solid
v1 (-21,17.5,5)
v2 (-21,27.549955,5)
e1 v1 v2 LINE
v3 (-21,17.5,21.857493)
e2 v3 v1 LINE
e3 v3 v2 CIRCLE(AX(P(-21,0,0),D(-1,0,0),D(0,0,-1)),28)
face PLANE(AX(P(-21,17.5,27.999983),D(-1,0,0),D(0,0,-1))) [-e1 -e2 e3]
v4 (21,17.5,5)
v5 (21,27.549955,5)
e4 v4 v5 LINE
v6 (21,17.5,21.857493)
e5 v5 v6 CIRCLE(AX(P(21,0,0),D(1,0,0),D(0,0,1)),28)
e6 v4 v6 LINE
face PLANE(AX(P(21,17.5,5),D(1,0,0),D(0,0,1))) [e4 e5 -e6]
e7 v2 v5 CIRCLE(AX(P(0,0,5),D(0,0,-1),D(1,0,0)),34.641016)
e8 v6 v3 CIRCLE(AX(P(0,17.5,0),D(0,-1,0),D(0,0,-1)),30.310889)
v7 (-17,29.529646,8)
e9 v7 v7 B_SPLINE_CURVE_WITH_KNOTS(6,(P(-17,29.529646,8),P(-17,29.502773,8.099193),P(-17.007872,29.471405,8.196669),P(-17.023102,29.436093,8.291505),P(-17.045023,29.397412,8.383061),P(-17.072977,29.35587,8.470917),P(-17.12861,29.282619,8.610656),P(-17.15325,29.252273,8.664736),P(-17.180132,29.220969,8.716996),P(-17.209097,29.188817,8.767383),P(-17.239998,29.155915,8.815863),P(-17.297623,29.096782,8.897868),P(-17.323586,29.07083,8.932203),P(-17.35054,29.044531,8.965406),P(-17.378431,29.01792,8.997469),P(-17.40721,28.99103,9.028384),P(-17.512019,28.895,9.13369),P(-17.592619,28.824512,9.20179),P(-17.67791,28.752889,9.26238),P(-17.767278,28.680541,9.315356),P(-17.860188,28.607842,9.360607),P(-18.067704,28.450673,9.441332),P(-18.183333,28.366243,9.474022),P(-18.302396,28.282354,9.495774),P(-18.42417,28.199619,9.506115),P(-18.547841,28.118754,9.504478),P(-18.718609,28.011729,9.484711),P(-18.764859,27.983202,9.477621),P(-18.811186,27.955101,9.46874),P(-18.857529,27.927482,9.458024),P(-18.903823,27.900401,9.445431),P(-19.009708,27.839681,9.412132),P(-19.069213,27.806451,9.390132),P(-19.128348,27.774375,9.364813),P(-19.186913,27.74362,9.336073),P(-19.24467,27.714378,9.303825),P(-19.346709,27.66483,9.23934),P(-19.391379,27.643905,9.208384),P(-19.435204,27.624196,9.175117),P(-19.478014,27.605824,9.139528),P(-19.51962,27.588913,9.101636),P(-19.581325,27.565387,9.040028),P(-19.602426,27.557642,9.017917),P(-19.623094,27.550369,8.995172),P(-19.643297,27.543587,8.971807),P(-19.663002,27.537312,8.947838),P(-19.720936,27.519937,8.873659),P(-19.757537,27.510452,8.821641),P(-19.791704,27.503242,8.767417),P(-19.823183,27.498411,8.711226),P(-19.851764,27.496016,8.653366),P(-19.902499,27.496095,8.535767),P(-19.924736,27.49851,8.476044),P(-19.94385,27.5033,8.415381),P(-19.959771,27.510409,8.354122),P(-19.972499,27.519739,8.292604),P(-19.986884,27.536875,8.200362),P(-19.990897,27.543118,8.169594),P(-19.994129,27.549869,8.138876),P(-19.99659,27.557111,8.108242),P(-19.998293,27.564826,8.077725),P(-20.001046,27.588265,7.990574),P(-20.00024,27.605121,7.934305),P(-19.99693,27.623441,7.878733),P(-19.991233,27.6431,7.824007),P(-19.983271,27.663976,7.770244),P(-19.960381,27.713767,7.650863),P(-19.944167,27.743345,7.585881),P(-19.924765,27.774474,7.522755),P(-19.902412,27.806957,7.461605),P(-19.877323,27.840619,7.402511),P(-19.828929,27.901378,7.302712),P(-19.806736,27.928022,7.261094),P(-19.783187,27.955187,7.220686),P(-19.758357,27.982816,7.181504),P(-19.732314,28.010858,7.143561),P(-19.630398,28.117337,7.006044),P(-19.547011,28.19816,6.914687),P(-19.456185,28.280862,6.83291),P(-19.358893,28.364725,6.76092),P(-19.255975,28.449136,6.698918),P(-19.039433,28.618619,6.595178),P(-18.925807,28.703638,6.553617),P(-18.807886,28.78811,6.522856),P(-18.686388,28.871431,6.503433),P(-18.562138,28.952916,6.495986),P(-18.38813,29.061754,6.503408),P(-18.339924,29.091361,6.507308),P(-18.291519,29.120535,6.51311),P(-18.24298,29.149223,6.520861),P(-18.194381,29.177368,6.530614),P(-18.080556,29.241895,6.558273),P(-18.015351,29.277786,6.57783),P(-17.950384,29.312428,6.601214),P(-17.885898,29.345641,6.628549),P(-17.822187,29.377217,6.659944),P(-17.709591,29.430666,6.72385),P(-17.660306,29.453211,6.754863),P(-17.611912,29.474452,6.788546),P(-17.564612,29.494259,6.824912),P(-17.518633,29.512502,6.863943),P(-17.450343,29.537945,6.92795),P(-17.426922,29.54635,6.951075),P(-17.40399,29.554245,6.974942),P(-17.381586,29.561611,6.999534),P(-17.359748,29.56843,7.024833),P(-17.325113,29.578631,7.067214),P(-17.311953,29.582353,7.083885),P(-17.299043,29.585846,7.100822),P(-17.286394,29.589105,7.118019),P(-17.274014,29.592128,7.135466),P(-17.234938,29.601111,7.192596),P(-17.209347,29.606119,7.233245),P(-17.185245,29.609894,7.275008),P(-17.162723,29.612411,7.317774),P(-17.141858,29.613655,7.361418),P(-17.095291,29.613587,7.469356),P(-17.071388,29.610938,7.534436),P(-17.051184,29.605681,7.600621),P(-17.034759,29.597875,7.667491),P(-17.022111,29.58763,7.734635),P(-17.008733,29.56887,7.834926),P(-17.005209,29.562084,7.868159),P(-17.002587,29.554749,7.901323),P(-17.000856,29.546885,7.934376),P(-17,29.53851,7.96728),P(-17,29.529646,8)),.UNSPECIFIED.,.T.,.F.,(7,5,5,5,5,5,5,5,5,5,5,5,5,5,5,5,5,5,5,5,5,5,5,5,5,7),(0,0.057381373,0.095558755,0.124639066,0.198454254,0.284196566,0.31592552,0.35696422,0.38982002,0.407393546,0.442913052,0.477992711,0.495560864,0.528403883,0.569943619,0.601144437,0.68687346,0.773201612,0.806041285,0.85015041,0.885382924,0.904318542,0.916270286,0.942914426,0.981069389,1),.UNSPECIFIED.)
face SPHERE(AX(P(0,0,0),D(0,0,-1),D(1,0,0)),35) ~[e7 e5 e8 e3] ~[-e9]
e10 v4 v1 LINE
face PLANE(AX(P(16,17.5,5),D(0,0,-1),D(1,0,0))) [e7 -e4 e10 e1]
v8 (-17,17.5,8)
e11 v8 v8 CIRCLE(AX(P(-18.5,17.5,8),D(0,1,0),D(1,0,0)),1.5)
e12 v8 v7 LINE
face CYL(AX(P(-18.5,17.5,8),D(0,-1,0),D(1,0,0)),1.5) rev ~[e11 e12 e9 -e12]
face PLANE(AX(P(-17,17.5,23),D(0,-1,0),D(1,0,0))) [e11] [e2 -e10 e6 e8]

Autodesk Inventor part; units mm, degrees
ref_plane "YZ Plane" through (0, 0, 0) normal (1, 0, 0) x (0, 1, 0)
ref_plane "XZ Plane" through (0, 0, 0) normal (0, 1, 0) x (-1, 0, 0)
ref_plane "XY Plane" through (0, 0, 0) normal (0, 0, 1) x (1, 0, 0)
sketch "スケッチ1" plane through (0, 0, 0) normal (0, 1, 0) x (-1, 0, 0)
  circle A0 centre (0, 0) radius 35
  line L0 (0, 0) -> (0, -35)
  line L1 (0, 0) -> (0, 35)
  dimension "d0" = 70
revolve "回転1" add sketch "スケッチ1" angle 180 about axis through (0, 0, 0) along (0, 0, 1) picked at (-2.5961, -23.0408) contours L1 L0 A0
sketch "スケッチ5" plane through (0, 0, 0) normal (0, -1, 0) x (1, 0, 0)
  line L0 (-20, -22) -> (20, -22)
  line L1 (20, -22) -> (20, -13)
  line L2 (20, -13) -> (-20, -13)
  line L3 (-20, -13) -> (-20, -22)
  line L4 (-20, -15) -> (-20, -13)
  line L5 (0, 25) -> (-17, 25)
  line L6 (-17, 25) -> (-17, 23)
  line L7 (-17, 23) -> (0, 23)
  line L8 (0, 23) -> (0, 25)
  line L9 (0, 20) -> (-20, 20)
  line L10 (-20, 20) -> (-20, 19)
  line L11 (-20, 19) -> (0, 19)
  line L12 (0, 19) -> (0, 20)
  line L13 (0, 13) -> (-19, 13)
  line L14 (-19, 13) -> (-19, 11)
  line L15 (-19, 11) -> (0, 11)
  line L16 (0, 11) -> (0, 13)
  line L17 (0, 5) -> (-23, 5)
  line L18 (-23, 5) -> (-23, 3)
  line L19 (-23, 3) -> (0, 3)
  line L20 (0, 3) -> (0, 5)
  circle A0 centre (0, 0) radius 35 projected
  circle A1 centre (0, 0) radius 35 projected
  line L21 (0, 35) -> (0, -35)
  line L22 (35, 0) -> (-35, 0)
  line L23 (-32, 2) -> (-23, 2)
  line L24 (-23, 2) -> (-23, -8)
  line L25 (-23, -8) -> (-32, -8)
  line L26 (-32, -8) -> (-32, 2)
  line L27 (-23, -8.0262) -> (-23, 2)
  line L28 (-27, 22.2711) -> (-27, -22.2711)
  line L29 (-15.5, 25) -> (0, 25)
  line L30 (0, 25) -> (0, 35)
  line L31 (0, 35) -> (-15.5, 35)
  line L32 (-15.5, 35) -> (-15.5, 25)
  line L33 (-15.5, 23) -> (0, 23)
  line L34 (0, 23) -> (0, 20)
  line L35 (0, 20) -> (-15.5, 20)
  line L36 (-15.5, 20) -> (-15.5, 23)
  line L37 (-16, 13) -> (0, 13)
  line L38 (0, 13) -> (0, 19)
  line L39 (0, 19) -> (-16, 19)
  line L40 (-16, 19) -> (-16, 13)
  line L41 (-16, 11) -> (0, 11)
  line L42 (0, 11) -> (0, 5)
  line L43 (0, 5) -> (-16, 5)
  line L44 (-16, 5) -> (-16, 11)
  line L45 (-23, -3) -> (-39.6865, -3)
  line L46 (-23, -3) -> (-7.8337, -3)
  line L47 (-8, 3) -> (-23, 3)
  line L48 (-23, 3) -> (-23, -9)
  line L49 (-23, -9) -> (-8, -9)
  line L50 (-8, -9) -> (-8, 3)
  line L51 (-8, 3) -> (-23, -9) construction
  line L52 (-23, 3) -> (-8, -9) construction
  line L53 (-23, 4) -> (-33, 4)
  line L54 (-33, 4) -> (-33, -10)
  line L55 (-33, -10) -> (-23, -10)
  line L56 (-23, -10) -> (-23, 4)
  line L57 (-23, 4) -> (-33, -10) construction
  line L58 (-33, 4) -> (-23, -10) construction
  line L59 (-8, 3) -> (-1, 3)
  line L60 (-1, 3) -> (-1, -9)
  line L61 (-1, -9) -> (-8, -9)
  line L62 (-8, -9) -> (-8, 3)
  line L63 (-8, 3) -> (-1, -9) construction
  line L64 (-1, 3) -> (-8, -9) construction
  line L65 (-23, 2) -> (-27, 2)
  line L66 (-23, -8) -> (-27, -8)
  line L67 (-23, 4) -> (-27, 4)
  line L68 (-23, -10) -> (-27, -10)
  line L69 (23.4307, -26) -> (-23.4307, -26)
  line L70 (-8, 3) -> (-6.8, 3)
  line L71 (-6.8, 3) -> (-6.8, -9)
  line L72 (-6.8, -9) -> (-8, -9)
  line L73 (-8, -9) -> (-8, 3)
  line L74 (-3, 5) -> (0, 5)
  line L75 (0, 20) -> (-4, 20)
  line L76 (-4, 19) -> (0, 19)
  line L77 (0, 19) -> (0, 20)
  line L78 (-6, 5) -> (-1, 5)
  line L79 (-1, 3) -> (-6, 3)
  point P0 (0, -22)
  point P1 (0, -13)
  point P2 (0, 24)
  point P3 (0, 19.5)
  point P4 (0, 12)
  point P5 (0, 4)
  point P6 (-20, -17.5)
  point P7 (-27, -0.5262)
  point P8 (-27, -8)
  point P9 (-15.5, 21.5)
  point P10 (-15.5, 31.3807)
  point P11 (0, 25)
  point P12 (0, 23)
  point P13 (0, 11)
  point P14 (0, 13)
  point P15 (-27, 0)
  point P16 (-32, 0)
  point P17 (-23, 0)
  point P18 (-15.5, -3)
  point P19 (-28, -3)
  point P20 (-4.5, -3)
  point P21 (-8, -9)
  point P22 (-8, 3)
  point P23 (-27, 0.5)
  point P24 (-28, 0.4738)
  point P25 (-28, -11.5262)
  point P26 (-27, -11.5)
  point P27 (-23, 2)
  point P28 (-23, 2)
  point P29 (-8, 0)
  point P30 (-1, 0)
  point P31 (0, 19)
  point P32 (0, 20)
  point P33 (-27, -10)
  point P34 (-27, 4)
  dimension "d12" = 40
  dimension "d13" = 9
  dimension "d23" = 17
  dimension "d24" = 2
  dimension "d27" = 20
  dimension "d28" = 1
  dimension "d30" = 19
  dimension "d31" = 2
  dimension "d33" = 2
  dimension "d88" = 0
  dimension "d89" = 0
  dimension "d90" = 13
  dimension "d92" = 20
  dimension "d93" = 10
  dimension "d97" = 9
  dimension "d98" = 10
  dimension "d113" = 27
  dimension "d122" = 15.5
  dimension "d123" = 35
  dimension "d124" = 3
  dimension "d125" = 15.5
  dimension "d126" = 6
  dimension "d127" = 6
  dimension "d128" = 16
  dimension "d129" = 16
  dimension "d147" = 12
  dimension "d149" = 8
  dimension "d151" = 15
  dimension "d161" = 14
  dimension "d162" = 10
  dimension "d164" = 12
  dimension "d165" = 7
  dimension "d170" = 26
  dimension "d175" = 1.2
  dimension "d207" = 0
extrude "GNSボード" cut sketch "スケッチ5" against normal blind 16 contours L8 L7 L6 L5
extrude "GNSボード止めるよう" cut sketch "スケッチ5" against normal blind 15 contours L21 L5 L32 A0 | L21 L9 L36 L7
extrude "アルミ板１" cut sketch "スケッチ5" against normal blind 17.5 contours L11 L10 L9 L12
extrude "メイン基板" cut sketch "スケッチ5" against normal blind 17.5 contours L15 L14 L13 L16
extrude "メイン止めるよう" cut sketch "スケッチ5" against normal blind 16.5 contours L17 L44 L15 L21 | L13 L40 L11 L21
extrude "アルミ板２" cut sketch "スケッチ5" against normal blind 19 contours L19 L18 L17 L20
extrude "電池ボックス入れ" cut sketch "スケッチ5" against normal blind 15 contours L3 L2 L21 L0 | L21 L2 L1 L0
extrude "side ut" cut sketch "スケッチ5" against normal blind 100 contours A0 L45 L54 L55 L28 | A0 L22 L54 L45 | L55 L54 L45 L26 L25 L28 | A0 L28 L53 L54 L22 | L54 L22 L26 L45 | L25 L26 L45 L28 | L54 L53 L28 L23 L26 L22 | L26 L22 L28 L45 | L22 L26 L23 L28
extrude "motor case" add sketch "スケッチ5" against normal blind 7 contours L55 L54 L45 L26 L25 L28 | L28 L25 L27 L48 L56 L55 | L50 L46 L24 L22 | L22 L24 L48 L19 L50 | L54 L22 L26 L45 | L28 L45 L24 L25 | L25 L26 L45 L28 | L24 L45 L28 L22 | L22 L28 L23 L24 | L50 L49 L48 L27 L24 L46 | L54 L53 L28 L23 L26 L22 | L26 L22 L28 L45 | L53 L18 L48 L23 L28 | L22 L26 L23 L28
extrude "bottom cut" cut sketch "スケッチ5" against normal blind 90 contours L69 A0 L21 | L21 A0 L69
extrude "motor" cut sketch "スケッチ5" against normal blind 6 contours L60 L61 L71 L22 | L22 L71 L19 L60 | L71 L61 L50 L22 | L22 L50 L19 L71 | L50 L46 L24 L22 | L22 L24 L48 L19 L50 | L28 L45 L24 L25 | L25 L26 L45 L28 | L24 L45 L28 L22 | L22 L28 L23 L24 | L50 L49 L48 L27 L24 L46 | L26 L22 L28 L45 | L22 L26 L23 L28
extrude "motor block" add sketch "スケッチ5" against normal blind 10 contours L71 L61 L50 L22 | L22 L50 L19 L71
sketch "スケッチ27" plane through (-33, 0, -10) normal (-1, 0, 0) x (0, 0, 1)
  line L0 (14, 0) -> (0, 0) projected
  circle A0 centre (7, 0) radius 3
  point P0 (10, 0)
  dimension "d198" = 6
extrude "押し出し36" cut sketch "スケッチ27" against normal blind 27
mirror "ミラー13" about plane through (0, 0, 0) normal (1, 0, 0) of "メイン止めるよう", "メイン基板", "アルミ板１", "GNSボード止めるよう", "GNSボード", "アルミ板２", "motor", "motor case", "押し出し36", "電池ボックス入れ", "side ut"
ref_plane "作業平面5" through (-17, 17.5, 23) normal (0, -1, 0) x (1, 0, 0)
sketch "スケッチ29" plane through (-17, 17.5, 23) normal (0, -1, 0) x (1, 0, 0)
  line L0 (32.5, 2) -> (1.5, 2) projected
  line L1 (1.5, 0) -> (32.5, 0) projected
  line L2 (32.5, -3) -> (1.5, -3) projected
  line L3 (1, -4) -> (33, -4) projected
  line L4 (33, -10) -> (1, -10) projected
  line L5 (33, -10) -> (33, -4) projected
  line L6 (1, -4) -> (33, -4) projected
  line L7 (1, -10) -> (1, -4) projected
  line L8 (1, -12) -> (33, -12) projected
  line L9 (33, -18) -> (1, -18) projected
  line L10 (33, -18) -> (33, -12) projected
  line L11 (1, -12) -> (33, -12) projected
  line L12 (1, -18) -> (1, -12) projected
  line L13 (18, -20) -> (40, -20) projected
  line L14 (-6, -20) -> (17, -20) projected
  line L15 (17, -18) -> (-6, -18) projected
  line L16 (-16, -23) -> (-15, -23) projected
  line L17 (-15, -23) -> (-15, -21) projected
  line L18 (-15, -21) -> (-6, -21) projected
  line L19 (-6, -21) -> (-6, -18) projected
  line L20 (-6, -18) -> (1, -18) projected
  line L21 (1, -18) -> (1, -12) projected
  line L22 (1, -12) -> (-2, -12) projected
  line L23 (-2, -12) -> (-2, -10) projected
  line L24 (-2, -10) -> (1, -10) projected
  line L25 (1, -10) -> (1, -4) projected
  line L26 (1, -4) -> (-3, -4) projected
  line L27 (-3, -4) -> (-3, -3) projected
  line L28 (-3, -3) -> (1.5, -3) projected
  line L29 (1.5, -3) -> (1.5, 0) projected
  line L30 (1.5, 0) -> (0, 0) projected
  line L31 (0, 0) -> (0, 2) projected
  line L32 (0, 2) -> (1.5, 2) projected
  line L33 (1.5, 2) -> (1.5, 8.3807) projected
  arc A0 (1.5, 8.3807) -> (-10, -0.7289) centre (17, -23) ccw projected
  line L34 (-10, -0.7289) -> (-10, -19) projected
  line L35 (-10, -19) -> (-16, -19) projected
  line L36 (-16, -19) -> (-16, -23) projected
  line L37 (49, -23) -> (50, -23) projected
  line L38 (50, -19) -> (50, -23) projected
  line L39 (44, -19) -> (50, -19) projected
  line L40 (44, -19) -> (44, -0.7289) projected
  arc A1 (44, -0.7289) -> (32.5, 8.3807) centre (17, -23) ccw projected
  line L41 (32.5, 8.3807) -> (32.5, 2) projected
  line L42 (32.5, 2) -> (34, 2) projected
  line L43 (34, 2) -> (34, 0) projected
  line L44 (34, 0) -> (32.5, 0) projected
  line L45 (32.5, 0) -> (32.5, -3) projected
  line L46 (32.5, -3) -> (37, -3) projected
  line L47 (37, -3) -> (37, -4) projected
  line L48 (37, -4) -> (33, -4) projected
  line L49 (33, -4) -> (33, -10) projected
  line L50 (33, -10) -> (36, -10) projected
  line L51 (36, -10) -> (36, -12) projected
  line L52 (36, -12) -> (33, -12) projected
  line L53 (33, -12) -> (33, -18) projected
  line L54 (33, -18) -> (40, -18) projected
  line L55 (40, -18) -> (40, -21) projected
  line L56 (40, -21) -> (49, -21) projected
  line L57 (49, -21) -> (49, -23) projected
  line L58 (40, -18) -> (-6, -18) projected
  line L59 (-4, -18) -> (38, -18)
  line L60 (38, -18) -> (38, 8.3807)
  line L61 (38, 8.3807) -> (-4, 8.3807)
  line L62 (-4, 8.3807) -> (-4, -18)
  circle A2 centre (17, -23) radius 35
  point P0 (-10, -0.7289)
  point P1 (44, -0.7289)
  point P2 (-4, 5)
  point P3 (38, 5)
  point P4 (37, -3)
  point P5 (38, -18)
  point P6 (32.5, 8.3807)
  point P7 (32.5, 8.3807)
  point P8 (1.5, 8.3807)
  point P9 (1.5, 8.3807)
  dimension "d209" = 2
  dimension "d210" = 2
  dimension "d211" = 26.3807
  dimension "d212" = 70
extrude "押し出し38" cut sketch "スケッチ29" against normal blind 30 contours A1 L40 L39 L38 L37 L57 L56 L55 L54 L60 | L62 L15 L19 L18 L17 L16 L36 L35 L34 A0 | A2 L34 L35 L36 L16 L17 L18 L19 L15 L9 L54 L55 L56 L57 L37 L38 L39 L40
sketch "スケッチ30" plane through (-17, 17.5, 23) normal (0, -1, 0) x (1, 0, 0)
  circle A0 centre (17, -23) radius 50
  line L0 (17, 2) -> (0, 2) projected
  line L1 (0, 0) -> (17, 0) projected
  line L2 (-16, -23) -> (-15, -23) projected
  line L3 (-15, -23) -> (-15, -21) projected
  line L4 (-15, -21) -> (-6, -21) projected
  line L5 (-6, -21) -> (-6, -18) projected
  line L6 (-6, -18) -> (1, -18) projected
  line L7 (1, -18) -> (1, -12) projected
  line L8 (1, -12) -> (-2, -12) projected
  line L9 (-2, -12) -> (-2, -10) projected
  line L10 (-2, -10) -> (1, -10) projected
  line L11 (1, -10) -> (1, -4) projected
  line L12 (1, -4) -> (-3, -4) projected
  line L13 (-3, -4) -> (-3, -3) projected
  line L14 (-3, -3) -> (1.5, -3) projected
  line L15 (1.5, -3) -> (1.5, 0) projected
  line L16 (1.5, 0) -> (0, 0) projected
  line L17 (0, 0) -> (0, 2) projected
  line L18 (0, 2) -> (1.5, 2) projected
  line L19 (1.5, 2) -> (1.5, 8.3807) projected
  arc A1 (1.5, 8.3807) -> (-10, -0.7289) centre (17, -23) ccw projected
  line L20 (-10, -0.7289) -> (-10, -19) projected
  line L21 (-10, -19) -> (-16, -19) projected
  line L22 (-16, -19) -> (-16, -23) projected
  line L23 (-4, -18) -> (-4, -1.1425) projected
  dimension "d215" = 100
  dimension "d218" = 5
extrude "押し出し39" cut sketch "スケッチ30" along normal blind 100 contours A0 | L0 L17 L1 L15 L14 L13 L12 L11 L10 L9 L8 L7 L6 L5 L4 L3 L2 L22 L21 L20 A1 L19
sketch "スケッチ31" plane through (0, 17.5, 0) normal (0, -1, 0) x (1, 0, 0)
  line L0 (-16, 5) -> (-16, 11) projected
  line L1 (-19, 11) -> (0, 11) projected
  line L2 (-19, 13) -> (-19, 11) projected
  line L3 (0, 13) -> (-19, 13) projected
  line L4 (-16, 19) -> (-16, 13) projected
  line L5 (-20, 19) -> (0, 19) projected
  line L6 (0, 20) -> (-20, 20) projected
  line L7 (-16, 11) -> (-21, 5)
  line L8 (-21, 5) -> (-16, 5)
  line L9 (21, 5) -> (-21, 5) projected
  line L10 (-21, 5) -> (-21, 21.8575) projected
  line L11 (-21, 11) -> (-16, 5)
  line L12 (-16, 11) -> (-21, 11)
  circle A0 centre (-18.5, 8) radius 1.5
  point P0 (0, 0)
  dimension "d219" = 3
extrude "押し出し40" cut sketch "スケッチ31" against normal blind 100 contours A0 L7 L11 | L11 L7 A0 | L7 L11 A0 | A0 L11 L7
properties part number "body back for main 2" material "ABS プラスチック"
